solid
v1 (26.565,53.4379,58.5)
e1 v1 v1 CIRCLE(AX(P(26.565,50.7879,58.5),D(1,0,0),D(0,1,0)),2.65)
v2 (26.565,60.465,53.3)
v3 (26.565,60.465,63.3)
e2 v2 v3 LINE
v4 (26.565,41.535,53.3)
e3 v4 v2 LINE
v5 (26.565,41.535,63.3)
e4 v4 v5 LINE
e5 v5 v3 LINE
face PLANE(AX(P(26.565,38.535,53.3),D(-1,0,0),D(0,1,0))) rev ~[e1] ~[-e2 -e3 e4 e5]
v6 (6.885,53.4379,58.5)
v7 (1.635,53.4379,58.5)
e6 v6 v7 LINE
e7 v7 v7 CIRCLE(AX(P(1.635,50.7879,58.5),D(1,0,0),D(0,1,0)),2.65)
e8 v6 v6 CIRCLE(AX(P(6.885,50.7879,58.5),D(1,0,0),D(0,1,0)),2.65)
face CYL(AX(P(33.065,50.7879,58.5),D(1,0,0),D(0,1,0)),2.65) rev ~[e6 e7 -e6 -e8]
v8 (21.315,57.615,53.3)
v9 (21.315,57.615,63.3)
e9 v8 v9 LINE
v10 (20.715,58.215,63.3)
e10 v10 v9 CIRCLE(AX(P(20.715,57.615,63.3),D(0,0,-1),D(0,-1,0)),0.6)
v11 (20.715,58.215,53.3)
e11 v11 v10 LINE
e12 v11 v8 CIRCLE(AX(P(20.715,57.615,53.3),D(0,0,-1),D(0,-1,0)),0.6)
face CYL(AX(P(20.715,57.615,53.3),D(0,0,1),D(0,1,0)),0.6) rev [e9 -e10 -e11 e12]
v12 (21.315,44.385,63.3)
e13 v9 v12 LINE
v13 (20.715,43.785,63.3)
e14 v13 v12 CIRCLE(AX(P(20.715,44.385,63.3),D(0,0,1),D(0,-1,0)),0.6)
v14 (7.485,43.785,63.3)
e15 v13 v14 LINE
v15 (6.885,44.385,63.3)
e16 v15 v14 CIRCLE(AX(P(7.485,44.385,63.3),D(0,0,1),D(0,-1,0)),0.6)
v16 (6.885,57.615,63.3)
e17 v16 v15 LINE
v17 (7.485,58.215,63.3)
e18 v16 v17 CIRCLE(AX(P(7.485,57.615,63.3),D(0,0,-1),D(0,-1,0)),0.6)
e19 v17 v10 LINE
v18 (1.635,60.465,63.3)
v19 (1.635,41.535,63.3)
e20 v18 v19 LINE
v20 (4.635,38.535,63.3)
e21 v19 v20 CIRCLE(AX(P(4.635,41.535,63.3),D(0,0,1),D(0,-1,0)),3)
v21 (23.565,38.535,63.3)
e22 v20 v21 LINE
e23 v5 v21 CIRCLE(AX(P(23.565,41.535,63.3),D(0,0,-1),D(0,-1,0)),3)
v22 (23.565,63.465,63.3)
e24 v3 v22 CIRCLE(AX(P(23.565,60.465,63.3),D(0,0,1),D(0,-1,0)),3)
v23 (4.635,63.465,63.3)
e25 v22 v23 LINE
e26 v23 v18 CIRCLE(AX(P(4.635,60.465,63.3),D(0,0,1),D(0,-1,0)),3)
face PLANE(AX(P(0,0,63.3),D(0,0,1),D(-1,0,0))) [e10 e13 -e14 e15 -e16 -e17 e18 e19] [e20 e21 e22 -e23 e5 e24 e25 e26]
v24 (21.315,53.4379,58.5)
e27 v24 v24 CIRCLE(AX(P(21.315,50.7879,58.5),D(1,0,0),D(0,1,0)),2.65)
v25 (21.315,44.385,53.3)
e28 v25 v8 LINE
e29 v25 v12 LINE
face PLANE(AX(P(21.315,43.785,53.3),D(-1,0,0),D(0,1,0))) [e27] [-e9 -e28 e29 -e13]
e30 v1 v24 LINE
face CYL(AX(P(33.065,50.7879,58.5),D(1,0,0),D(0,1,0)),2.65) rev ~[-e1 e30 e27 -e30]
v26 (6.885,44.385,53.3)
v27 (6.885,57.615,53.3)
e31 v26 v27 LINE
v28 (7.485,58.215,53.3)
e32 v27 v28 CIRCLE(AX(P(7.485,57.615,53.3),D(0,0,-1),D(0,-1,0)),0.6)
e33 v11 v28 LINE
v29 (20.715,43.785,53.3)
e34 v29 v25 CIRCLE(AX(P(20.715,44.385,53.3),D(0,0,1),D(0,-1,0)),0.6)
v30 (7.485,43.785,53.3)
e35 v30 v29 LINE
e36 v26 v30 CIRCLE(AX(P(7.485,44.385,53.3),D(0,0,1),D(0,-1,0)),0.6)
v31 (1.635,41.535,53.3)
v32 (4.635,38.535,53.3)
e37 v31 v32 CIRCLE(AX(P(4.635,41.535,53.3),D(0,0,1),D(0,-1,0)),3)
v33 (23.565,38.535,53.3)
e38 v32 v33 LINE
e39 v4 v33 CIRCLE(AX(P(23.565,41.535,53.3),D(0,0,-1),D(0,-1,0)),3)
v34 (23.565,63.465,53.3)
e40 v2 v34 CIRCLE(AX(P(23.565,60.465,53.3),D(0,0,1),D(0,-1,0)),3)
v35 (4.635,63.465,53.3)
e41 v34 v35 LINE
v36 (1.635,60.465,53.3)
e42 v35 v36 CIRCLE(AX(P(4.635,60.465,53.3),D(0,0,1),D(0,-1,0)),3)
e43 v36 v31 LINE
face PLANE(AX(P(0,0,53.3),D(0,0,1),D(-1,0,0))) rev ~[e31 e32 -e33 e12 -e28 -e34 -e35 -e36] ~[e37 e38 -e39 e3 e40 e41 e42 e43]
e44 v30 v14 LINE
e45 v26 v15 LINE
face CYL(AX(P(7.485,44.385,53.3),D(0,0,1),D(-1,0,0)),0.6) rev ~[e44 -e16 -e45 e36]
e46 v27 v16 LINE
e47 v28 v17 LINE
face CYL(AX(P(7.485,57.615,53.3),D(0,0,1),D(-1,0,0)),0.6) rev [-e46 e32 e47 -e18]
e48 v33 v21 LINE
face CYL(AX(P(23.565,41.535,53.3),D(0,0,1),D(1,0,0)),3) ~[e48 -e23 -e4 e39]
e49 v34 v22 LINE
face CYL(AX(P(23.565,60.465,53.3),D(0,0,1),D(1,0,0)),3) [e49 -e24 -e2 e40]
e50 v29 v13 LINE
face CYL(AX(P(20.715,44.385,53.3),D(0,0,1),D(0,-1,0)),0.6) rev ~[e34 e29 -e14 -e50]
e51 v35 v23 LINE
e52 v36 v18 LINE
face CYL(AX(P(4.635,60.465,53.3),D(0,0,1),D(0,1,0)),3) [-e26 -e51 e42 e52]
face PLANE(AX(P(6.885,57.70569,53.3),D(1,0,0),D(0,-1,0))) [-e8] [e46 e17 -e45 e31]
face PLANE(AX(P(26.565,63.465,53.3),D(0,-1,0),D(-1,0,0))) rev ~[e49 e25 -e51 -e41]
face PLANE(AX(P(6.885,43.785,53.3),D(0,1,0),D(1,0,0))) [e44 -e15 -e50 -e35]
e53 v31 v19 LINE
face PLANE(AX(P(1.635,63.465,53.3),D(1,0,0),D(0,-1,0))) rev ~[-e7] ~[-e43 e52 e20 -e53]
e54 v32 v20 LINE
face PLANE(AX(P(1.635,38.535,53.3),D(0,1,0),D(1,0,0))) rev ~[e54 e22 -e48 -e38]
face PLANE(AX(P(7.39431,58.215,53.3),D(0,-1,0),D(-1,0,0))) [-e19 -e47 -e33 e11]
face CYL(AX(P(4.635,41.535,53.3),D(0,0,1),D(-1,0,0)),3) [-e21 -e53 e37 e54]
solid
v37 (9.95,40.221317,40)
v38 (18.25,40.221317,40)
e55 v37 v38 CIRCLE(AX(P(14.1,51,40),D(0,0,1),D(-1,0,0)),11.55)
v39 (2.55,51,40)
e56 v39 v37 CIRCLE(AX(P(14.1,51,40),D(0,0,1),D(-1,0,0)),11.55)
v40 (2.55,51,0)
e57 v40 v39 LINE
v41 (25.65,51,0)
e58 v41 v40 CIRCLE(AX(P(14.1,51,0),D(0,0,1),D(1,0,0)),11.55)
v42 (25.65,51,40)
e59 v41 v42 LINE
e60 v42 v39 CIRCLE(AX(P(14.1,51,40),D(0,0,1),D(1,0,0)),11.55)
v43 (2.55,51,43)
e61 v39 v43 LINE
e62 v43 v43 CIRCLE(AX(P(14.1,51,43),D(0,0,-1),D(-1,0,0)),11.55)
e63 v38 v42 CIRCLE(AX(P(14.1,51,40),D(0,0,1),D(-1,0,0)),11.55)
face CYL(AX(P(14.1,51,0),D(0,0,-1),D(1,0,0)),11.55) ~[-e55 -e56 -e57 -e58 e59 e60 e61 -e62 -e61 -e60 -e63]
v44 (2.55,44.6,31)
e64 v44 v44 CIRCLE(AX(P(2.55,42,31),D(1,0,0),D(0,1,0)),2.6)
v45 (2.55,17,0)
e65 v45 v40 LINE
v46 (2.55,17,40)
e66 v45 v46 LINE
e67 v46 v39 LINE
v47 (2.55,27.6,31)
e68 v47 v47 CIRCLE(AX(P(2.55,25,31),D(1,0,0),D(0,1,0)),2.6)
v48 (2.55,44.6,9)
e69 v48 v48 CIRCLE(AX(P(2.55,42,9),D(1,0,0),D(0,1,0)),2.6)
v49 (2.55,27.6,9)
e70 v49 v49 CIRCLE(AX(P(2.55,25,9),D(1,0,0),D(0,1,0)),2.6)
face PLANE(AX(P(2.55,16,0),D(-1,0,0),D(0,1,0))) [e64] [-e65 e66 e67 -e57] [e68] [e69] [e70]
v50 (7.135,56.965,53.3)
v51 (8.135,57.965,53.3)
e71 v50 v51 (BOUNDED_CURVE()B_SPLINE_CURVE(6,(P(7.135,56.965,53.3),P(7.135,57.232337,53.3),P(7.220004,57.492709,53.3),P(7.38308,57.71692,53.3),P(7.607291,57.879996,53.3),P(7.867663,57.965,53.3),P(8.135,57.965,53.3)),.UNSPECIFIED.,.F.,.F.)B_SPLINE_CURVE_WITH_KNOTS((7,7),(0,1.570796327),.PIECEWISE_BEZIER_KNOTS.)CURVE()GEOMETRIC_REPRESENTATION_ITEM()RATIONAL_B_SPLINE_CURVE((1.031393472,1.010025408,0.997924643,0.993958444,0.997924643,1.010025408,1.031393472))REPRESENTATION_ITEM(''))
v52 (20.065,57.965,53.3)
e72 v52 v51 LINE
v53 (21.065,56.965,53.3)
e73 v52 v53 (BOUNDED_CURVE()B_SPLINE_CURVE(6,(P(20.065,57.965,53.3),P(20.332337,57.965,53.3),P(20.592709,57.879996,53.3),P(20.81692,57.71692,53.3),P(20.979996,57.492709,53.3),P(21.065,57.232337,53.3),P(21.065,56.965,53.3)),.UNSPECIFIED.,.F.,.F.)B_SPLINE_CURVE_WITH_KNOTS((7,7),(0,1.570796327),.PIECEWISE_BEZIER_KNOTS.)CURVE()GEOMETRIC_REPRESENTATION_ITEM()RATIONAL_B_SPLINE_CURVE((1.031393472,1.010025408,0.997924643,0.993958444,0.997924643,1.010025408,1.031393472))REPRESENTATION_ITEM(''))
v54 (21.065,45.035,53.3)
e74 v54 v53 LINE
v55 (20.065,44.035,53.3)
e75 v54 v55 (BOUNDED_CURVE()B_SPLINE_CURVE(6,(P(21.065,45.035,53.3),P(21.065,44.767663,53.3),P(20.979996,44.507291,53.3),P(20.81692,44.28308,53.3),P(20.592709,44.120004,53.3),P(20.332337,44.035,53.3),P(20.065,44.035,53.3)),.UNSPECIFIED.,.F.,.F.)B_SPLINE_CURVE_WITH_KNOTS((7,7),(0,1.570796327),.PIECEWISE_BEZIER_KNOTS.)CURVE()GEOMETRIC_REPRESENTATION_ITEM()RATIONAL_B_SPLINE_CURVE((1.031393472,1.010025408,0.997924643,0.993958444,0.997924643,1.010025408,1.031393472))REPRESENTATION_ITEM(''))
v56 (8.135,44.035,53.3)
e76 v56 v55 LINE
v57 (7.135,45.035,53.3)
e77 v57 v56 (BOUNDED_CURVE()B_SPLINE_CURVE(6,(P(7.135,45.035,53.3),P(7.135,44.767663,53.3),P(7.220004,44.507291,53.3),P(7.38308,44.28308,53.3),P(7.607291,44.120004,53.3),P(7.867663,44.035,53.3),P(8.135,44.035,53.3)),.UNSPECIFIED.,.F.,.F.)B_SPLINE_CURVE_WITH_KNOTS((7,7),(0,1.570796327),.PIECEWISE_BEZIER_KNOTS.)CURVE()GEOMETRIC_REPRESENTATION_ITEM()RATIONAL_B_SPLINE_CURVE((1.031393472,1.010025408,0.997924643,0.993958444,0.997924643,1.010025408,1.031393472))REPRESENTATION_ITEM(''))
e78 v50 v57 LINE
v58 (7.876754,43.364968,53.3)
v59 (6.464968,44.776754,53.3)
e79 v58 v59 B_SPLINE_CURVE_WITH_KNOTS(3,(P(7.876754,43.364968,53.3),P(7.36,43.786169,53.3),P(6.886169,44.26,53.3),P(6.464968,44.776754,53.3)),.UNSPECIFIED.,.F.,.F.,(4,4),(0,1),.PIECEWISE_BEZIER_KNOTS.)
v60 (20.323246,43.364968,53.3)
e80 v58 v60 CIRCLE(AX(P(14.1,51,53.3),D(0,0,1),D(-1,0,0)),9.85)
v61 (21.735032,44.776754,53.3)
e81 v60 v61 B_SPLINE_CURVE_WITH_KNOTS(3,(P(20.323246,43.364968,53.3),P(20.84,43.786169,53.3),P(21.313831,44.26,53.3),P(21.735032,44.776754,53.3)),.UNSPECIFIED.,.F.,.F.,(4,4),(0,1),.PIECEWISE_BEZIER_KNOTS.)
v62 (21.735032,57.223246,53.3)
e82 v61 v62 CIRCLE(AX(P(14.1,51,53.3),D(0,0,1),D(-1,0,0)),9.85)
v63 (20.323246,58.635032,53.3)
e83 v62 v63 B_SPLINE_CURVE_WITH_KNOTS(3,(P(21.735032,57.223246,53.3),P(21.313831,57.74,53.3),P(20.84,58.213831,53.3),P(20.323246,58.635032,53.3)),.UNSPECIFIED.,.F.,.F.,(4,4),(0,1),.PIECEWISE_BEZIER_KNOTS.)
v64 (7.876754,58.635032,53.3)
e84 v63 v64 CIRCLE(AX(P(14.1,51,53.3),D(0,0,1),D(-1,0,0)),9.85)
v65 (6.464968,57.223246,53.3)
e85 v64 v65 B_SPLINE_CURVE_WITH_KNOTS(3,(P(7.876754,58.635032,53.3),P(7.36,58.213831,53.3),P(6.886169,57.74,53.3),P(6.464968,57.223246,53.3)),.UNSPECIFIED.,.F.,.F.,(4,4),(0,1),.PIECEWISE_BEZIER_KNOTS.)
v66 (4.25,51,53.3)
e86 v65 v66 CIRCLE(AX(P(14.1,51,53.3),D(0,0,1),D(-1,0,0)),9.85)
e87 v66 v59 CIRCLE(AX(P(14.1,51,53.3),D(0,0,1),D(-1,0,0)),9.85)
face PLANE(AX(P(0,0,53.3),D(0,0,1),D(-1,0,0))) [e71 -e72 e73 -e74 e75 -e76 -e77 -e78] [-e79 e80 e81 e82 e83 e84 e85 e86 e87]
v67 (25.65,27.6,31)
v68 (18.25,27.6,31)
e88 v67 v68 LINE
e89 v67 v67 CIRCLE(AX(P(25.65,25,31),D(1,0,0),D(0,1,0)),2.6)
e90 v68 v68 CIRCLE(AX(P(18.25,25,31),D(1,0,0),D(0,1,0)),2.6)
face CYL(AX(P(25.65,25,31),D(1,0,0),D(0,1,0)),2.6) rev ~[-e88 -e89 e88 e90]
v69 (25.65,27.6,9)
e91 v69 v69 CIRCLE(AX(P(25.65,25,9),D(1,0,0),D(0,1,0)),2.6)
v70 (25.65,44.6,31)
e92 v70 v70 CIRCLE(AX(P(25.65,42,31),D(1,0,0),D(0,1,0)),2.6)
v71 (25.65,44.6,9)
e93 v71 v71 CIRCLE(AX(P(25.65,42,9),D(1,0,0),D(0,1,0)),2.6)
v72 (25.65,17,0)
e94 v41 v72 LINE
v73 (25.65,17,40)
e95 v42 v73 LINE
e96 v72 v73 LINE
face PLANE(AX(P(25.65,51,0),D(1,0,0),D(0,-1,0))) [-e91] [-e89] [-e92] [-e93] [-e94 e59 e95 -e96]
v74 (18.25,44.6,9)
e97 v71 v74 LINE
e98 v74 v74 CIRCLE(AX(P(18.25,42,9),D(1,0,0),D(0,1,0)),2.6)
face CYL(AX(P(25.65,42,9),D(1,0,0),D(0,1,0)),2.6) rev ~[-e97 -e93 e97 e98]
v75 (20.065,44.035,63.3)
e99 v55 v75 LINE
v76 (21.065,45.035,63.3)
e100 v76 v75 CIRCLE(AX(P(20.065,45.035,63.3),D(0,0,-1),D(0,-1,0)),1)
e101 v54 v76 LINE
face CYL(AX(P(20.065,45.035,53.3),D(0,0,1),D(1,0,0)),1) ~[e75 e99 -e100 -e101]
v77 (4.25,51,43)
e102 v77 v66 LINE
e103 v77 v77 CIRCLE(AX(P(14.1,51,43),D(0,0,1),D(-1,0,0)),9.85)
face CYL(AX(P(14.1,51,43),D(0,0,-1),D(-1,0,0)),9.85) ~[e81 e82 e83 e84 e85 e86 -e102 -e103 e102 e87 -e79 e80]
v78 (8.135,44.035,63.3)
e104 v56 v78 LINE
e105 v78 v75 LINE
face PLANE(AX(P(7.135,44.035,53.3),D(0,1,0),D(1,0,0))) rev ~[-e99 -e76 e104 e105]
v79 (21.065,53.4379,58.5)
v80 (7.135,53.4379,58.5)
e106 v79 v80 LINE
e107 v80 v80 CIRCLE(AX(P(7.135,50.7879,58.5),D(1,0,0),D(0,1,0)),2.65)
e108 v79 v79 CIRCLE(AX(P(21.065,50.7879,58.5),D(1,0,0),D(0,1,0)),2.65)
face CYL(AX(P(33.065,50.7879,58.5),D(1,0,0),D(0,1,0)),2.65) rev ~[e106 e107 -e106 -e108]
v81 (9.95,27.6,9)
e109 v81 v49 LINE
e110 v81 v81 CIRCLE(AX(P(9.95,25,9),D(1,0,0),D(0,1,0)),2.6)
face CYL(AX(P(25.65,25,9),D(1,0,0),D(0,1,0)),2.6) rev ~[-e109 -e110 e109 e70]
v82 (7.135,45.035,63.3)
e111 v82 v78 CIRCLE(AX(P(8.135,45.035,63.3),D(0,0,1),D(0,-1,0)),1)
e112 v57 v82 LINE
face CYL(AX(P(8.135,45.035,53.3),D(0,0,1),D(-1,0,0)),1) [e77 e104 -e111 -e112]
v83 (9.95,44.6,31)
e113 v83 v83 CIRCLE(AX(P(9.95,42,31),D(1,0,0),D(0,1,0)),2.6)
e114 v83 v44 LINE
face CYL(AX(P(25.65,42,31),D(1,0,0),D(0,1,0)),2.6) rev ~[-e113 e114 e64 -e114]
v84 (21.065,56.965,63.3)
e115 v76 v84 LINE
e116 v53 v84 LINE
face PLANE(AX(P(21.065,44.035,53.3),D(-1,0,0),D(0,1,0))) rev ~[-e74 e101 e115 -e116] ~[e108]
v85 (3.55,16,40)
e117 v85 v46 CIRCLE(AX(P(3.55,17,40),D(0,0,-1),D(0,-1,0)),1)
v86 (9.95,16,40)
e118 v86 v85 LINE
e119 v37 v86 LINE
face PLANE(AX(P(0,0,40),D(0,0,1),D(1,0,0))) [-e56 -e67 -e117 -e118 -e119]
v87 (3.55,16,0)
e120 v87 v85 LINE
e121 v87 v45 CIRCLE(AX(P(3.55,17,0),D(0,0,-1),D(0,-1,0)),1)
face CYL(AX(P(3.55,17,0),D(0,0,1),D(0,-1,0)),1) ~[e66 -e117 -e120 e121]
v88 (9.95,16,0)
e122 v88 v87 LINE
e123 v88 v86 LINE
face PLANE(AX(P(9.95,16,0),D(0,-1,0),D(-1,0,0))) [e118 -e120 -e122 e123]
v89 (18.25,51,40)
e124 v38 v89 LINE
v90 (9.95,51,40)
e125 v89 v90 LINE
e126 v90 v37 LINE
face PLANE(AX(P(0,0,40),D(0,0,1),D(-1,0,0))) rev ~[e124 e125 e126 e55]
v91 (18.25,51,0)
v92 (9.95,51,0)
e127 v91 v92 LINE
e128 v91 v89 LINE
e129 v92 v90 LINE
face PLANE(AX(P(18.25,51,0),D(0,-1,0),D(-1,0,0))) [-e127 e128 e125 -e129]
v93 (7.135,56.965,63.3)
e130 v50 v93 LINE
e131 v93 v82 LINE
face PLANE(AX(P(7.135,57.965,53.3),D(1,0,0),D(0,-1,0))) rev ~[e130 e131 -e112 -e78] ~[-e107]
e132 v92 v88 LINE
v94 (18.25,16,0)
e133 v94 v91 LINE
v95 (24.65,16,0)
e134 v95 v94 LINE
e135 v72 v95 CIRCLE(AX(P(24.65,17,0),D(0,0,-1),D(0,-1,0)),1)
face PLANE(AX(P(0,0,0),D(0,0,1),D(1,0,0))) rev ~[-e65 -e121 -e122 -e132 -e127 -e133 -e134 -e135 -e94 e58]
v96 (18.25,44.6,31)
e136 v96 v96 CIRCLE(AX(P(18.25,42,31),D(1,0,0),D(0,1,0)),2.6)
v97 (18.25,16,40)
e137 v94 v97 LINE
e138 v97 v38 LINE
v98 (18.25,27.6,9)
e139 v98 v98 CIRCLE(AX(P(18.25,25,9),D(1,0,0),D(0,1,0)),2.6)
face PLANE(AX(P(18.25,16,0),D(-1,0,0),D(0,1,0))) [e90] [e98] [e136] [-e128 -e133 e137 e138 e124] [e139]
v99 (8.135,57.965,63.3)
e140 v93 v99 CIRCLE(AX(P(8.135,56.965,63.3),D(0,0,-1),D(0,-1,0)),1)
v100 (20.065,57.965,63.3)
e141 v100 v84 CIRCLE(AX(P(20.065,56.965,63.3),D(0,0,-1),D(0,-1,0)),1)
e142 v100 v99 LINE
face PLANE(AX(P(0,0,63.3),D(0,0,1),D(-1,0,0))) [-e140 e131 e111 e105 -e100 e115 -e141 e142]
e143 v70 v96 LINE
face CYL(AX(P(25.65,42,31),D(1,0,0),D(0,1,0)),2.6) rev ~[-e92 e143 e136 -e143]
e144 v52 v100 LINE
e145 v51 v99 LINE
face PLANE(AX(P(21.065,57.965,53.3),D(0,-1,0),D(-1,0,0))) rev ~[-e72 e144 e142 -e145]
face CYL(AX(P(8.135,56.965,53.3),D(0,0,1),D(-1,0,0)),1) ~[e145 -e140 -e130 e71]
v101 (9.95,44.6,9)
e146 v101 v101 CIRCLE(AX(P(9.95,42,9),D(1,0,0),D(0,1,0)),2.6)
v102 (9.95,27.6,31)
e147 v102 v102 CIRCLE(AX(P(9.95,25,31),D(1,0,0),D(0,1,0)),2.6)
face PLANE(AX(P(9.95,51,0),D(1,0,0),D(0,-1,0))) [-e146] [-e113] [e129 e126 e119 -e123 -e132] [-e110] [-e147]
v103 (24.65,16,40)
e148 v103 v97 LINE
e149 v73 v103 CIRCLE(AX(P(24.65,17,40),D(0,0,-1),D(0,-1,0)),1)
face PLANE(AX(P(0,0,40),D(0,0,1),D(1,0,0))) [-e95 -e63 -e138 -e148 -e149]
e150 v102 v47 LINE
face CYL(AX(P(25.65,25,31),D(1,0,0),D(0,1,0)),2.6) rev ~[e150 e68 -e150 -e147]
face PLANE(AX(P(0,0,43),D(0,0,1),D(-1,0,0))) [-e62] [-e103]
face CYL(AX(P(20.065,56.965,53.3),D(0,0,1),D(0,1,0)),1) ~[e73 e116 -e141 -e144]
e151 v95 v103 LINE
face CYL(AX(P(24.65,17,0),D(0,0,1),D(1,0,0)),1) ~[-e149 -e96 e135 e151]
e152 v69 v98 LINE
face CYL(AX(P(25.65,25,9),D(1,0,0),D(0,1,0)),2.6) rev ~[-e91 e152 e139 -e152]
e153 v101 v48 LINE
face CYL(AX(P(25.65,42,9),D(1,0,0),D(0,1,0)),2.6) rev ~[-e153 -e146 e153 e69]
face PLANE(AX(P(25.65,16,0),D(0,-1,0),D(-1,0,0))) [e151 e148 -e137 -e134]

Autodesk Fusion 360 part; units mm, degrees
sketch "Skizze1" plane through (0, 0, 0) normal (0, 0, 1) x (1, 0, 0)
  line L0 (18.25, 16) -> (18.25, 51)
  line L1 (18.25, 51) -> (9.95, 51)
  line L2 (9.95, 51) -> (9.95, 16)
  line L3 (9.95, 16) -> (2.55, 16)
  line L4 (2.55, 16) -> (2.55, 51)
  line L5 (9.95, 51) -> (18.25, 51)
  line L6 (25.65, 51) -> (25.65, 16)
  line L7 (25.65, 16) -> (18.25, 16)
  arc A0 (25.65, 51) -> (2.55, 51) centre (14.1, 51) ccw
  dimension "d1" = 8.3
  dimension "d2" = 7.4
  dimension "d3" = 7.4
  dimension "d4" = 35
  dimension "d36" = 11.55
extrude "Extrusion1" add sketch "Skizze1" along normal blind 40 makes body 1
sketch "Skizze2" plane through (25.65, 0, 0) normal (1, 0, 0) x (0, 1, 0)
  line L0 (16, 0) -> (51, 0)
  line L1 (51, 0) -> (51, 40)
  line L2 (51, 40) -> (16, 40)
  line L3 (16, 40) -> (16, 0)
  circle A0 centre (25, 31) radius 2.6
  circle A1 centre (42, 31) radius 2.6
  circle A2 centre (25, 9) radius 2.6
  circle A3 centre (42, 9) radius 2.6
  dimension "d7" = 5.2
  dimension "d8" = 9
  dimension "d9" = 9
  dimension "d10" = 5.2
  dimension "d11" = 9
  dimension "d12" = 9
  dimension "d13" = 5.2
  dimension "d14" = 5.2
  dimension "d15" = 9
  dimension "d16" = 9
  dimension "d17" = 9
  dimension "d18" = 9
extrude "Extrusion2" cut sketch "Skizze2" against normal up to surface (23.1 mm away) contours A0 | A1 | A2 | A3 bodies 1
sketch "Skizze3" plane through (0, 0, 40) normal (0, 0, 1) x (-1, 0, 0)
  line L0 (-25.65, -16) -> (-25.65, -51)
  arc A0 (-25.65, -51) -> (-2.55, -51) centre (-14.1, -51) ccw
  line L1 (-2.55, -51) -> (-2.55, -16)
  line L2 (-2.55, -16) -> (-9.95, -16)
  line L3 (-9.95, -16) -> (-9.95, -51)
  line L4 (-9.95, -51) -> (-18.25, -51)
  line L5 (-18.25, -51) -> (-18.25, -16)
  line L6 (-18.25, -16) -> (-25.65, -16)
  circle A1 centre (-14.1, -51) radius 11.55
extrude "Extrusion6" add sketch "Skizze3" along normal blind 3 contours A0 L3 L4 L5 A1 | L3 L4 L5 A1 bodies 1
sketch "Skizze7" plane through (0, 0, 43) normal (0, 0, 1) x (-1, 0, 0)
  circle A0 centre (-14.1, -51) radius 11.55
  circle A1 centre (-14.1, -51) radius 9.85
  dimension "d39" = 19.7
extrude "Extrusion7" add sketch "Skizze7" along normal blind 10.3 contours A1 bodies 1
sketch "Skizze5" plane through (0, 0, 53.3) normal (0, 0, 1) x (-1, 0, 0)
  circle A0 centre (-14.1, -51) radius 9.85
  line L0 (-21.065, -57.965) -> (-7.135, -57.965)
  line L1 (-7.135, -57.965) -> (-7.135, -44.035)
  line L2 (-7.135, -44.035) -> (-21.065, -44.035)
  line L3 (-21.065, -44.035) -> (-21.065, -57.965)
  line L4 (-21.065, -57.965) -> (-7.135, -44.035) construction
  line L5 (-7.135, -57.965) -> (-21.065, -44.035) construction
  line L6 (-6.885, -43.785) -> (-21.315, -43.785)
  line L7 (-21.315, -43.785) -> (-21.315, -58.215)
  line L8 (-21.315, -58.215) -> (-6.885, -58.215)
  line L9 (-6.885, -58.215) -> (-6.885, -43.785)
  line L10 (-26.565, -63.465) -> (-1.635, -63.465)
  line L11 (-1.635, -63.465) -> (-1.635, -38.535)
  line L12 (-1.635, -38.535) -> (-26.565, -38.535)
  line L13 (-26.565, -38.535) -> (-26.565, -63.465)
  point P0 (-14.1, -51)
  point P1 (-14.1, -51)
  dimension "d48" = 0.25
  dimension "d49" = 5.5
extrude "Extrusion8" add sketch "Skizze5" along normal blind 10 contours L0 L1 L2 L3 bodies 1
sketch "Skizze6" plane through (21.065, 0, 0) normal (1, 0, 0) x (0, 1, 0)
  line L0 (59.0964, 53.5) -> (59.0964, 63.5)
  line L1 (59.0964, 63.5) -> (42.9036, 63.5)
  line L2 (42.9036, 63.5) -> (42.9036, 53.5)
  circle A0 centre (50.7879, 58.5) radius 2.65
  line L3 (45.5676, 53.5) -> (56.4324, 53.5)
  line L4 (56.4324, 53.5) -> (59.0964, 53.5)
  line L5 (42.9036, 53.5) -> (45.5676, 53.5)
  line L6 (44.035, 53.3) -> (57.965, 53.3)
  line L7 (57.965, 53.3) -> (57.965, 63.3)
  line L8 (57.965, 63.3) -> (44.035, 63.3)
  line L9 (44.035, 63.3) -> (44.035, 53.3)
  dimension "d25" = 5.3
  dimension "d27" = 7.8842
  dimension "d28" = 7.8842
  dimension "d29" = 5
fillet "Abrundung1" radius 1 4 edges at (21.065, 57.965, 58.3) (21.065, 44.035, 58.3) (7.135, 44.035, 58.3) (7.135, 57.965, 58.3) on bodies 1
fillet "Abrundung2" radius 1 2 edges at (25.65, 16, 20) (2.55, 16, 20) on bodies 1
extrude "Extrusion9" add sketch "Skizze5" along normal blind 10 separate body contours A0 L9 | A0 L6 | A0 L8 | A0 L7 | L10 L11 L12 L13 makes body 2
fillet "Abrundung3" radius 0.6 4 edges at (21.315, 43.785, 58.3) (6.885, 43.785, 58.3) (6.885, 58.215, 58.3) (21.315, 58.215, 58.3) on bodies 2
extrude "Extrusion5" cut sketch "Skizze6" along normal blind -24 and the other way blind -12 contours A0 bodies 1 2
fillet "Abrundung4" radius 3 4 edges at (1.635, 38.535, 58.3) (26.565, 38.535, 58.3) (26.565, 63.465, 58.3) (1.635, 63.465, 58.3) on bodies 2
equation "d3 = d2"
equation "d10 = d7"
equation "d11 = d12"
equation "d14 = d7"
equation "d15 = d8"
equation "d16 = d12"
equation "d17 = d12"
equation "d18 = d9"
equation "d36 = d2 + d1 / 2"
